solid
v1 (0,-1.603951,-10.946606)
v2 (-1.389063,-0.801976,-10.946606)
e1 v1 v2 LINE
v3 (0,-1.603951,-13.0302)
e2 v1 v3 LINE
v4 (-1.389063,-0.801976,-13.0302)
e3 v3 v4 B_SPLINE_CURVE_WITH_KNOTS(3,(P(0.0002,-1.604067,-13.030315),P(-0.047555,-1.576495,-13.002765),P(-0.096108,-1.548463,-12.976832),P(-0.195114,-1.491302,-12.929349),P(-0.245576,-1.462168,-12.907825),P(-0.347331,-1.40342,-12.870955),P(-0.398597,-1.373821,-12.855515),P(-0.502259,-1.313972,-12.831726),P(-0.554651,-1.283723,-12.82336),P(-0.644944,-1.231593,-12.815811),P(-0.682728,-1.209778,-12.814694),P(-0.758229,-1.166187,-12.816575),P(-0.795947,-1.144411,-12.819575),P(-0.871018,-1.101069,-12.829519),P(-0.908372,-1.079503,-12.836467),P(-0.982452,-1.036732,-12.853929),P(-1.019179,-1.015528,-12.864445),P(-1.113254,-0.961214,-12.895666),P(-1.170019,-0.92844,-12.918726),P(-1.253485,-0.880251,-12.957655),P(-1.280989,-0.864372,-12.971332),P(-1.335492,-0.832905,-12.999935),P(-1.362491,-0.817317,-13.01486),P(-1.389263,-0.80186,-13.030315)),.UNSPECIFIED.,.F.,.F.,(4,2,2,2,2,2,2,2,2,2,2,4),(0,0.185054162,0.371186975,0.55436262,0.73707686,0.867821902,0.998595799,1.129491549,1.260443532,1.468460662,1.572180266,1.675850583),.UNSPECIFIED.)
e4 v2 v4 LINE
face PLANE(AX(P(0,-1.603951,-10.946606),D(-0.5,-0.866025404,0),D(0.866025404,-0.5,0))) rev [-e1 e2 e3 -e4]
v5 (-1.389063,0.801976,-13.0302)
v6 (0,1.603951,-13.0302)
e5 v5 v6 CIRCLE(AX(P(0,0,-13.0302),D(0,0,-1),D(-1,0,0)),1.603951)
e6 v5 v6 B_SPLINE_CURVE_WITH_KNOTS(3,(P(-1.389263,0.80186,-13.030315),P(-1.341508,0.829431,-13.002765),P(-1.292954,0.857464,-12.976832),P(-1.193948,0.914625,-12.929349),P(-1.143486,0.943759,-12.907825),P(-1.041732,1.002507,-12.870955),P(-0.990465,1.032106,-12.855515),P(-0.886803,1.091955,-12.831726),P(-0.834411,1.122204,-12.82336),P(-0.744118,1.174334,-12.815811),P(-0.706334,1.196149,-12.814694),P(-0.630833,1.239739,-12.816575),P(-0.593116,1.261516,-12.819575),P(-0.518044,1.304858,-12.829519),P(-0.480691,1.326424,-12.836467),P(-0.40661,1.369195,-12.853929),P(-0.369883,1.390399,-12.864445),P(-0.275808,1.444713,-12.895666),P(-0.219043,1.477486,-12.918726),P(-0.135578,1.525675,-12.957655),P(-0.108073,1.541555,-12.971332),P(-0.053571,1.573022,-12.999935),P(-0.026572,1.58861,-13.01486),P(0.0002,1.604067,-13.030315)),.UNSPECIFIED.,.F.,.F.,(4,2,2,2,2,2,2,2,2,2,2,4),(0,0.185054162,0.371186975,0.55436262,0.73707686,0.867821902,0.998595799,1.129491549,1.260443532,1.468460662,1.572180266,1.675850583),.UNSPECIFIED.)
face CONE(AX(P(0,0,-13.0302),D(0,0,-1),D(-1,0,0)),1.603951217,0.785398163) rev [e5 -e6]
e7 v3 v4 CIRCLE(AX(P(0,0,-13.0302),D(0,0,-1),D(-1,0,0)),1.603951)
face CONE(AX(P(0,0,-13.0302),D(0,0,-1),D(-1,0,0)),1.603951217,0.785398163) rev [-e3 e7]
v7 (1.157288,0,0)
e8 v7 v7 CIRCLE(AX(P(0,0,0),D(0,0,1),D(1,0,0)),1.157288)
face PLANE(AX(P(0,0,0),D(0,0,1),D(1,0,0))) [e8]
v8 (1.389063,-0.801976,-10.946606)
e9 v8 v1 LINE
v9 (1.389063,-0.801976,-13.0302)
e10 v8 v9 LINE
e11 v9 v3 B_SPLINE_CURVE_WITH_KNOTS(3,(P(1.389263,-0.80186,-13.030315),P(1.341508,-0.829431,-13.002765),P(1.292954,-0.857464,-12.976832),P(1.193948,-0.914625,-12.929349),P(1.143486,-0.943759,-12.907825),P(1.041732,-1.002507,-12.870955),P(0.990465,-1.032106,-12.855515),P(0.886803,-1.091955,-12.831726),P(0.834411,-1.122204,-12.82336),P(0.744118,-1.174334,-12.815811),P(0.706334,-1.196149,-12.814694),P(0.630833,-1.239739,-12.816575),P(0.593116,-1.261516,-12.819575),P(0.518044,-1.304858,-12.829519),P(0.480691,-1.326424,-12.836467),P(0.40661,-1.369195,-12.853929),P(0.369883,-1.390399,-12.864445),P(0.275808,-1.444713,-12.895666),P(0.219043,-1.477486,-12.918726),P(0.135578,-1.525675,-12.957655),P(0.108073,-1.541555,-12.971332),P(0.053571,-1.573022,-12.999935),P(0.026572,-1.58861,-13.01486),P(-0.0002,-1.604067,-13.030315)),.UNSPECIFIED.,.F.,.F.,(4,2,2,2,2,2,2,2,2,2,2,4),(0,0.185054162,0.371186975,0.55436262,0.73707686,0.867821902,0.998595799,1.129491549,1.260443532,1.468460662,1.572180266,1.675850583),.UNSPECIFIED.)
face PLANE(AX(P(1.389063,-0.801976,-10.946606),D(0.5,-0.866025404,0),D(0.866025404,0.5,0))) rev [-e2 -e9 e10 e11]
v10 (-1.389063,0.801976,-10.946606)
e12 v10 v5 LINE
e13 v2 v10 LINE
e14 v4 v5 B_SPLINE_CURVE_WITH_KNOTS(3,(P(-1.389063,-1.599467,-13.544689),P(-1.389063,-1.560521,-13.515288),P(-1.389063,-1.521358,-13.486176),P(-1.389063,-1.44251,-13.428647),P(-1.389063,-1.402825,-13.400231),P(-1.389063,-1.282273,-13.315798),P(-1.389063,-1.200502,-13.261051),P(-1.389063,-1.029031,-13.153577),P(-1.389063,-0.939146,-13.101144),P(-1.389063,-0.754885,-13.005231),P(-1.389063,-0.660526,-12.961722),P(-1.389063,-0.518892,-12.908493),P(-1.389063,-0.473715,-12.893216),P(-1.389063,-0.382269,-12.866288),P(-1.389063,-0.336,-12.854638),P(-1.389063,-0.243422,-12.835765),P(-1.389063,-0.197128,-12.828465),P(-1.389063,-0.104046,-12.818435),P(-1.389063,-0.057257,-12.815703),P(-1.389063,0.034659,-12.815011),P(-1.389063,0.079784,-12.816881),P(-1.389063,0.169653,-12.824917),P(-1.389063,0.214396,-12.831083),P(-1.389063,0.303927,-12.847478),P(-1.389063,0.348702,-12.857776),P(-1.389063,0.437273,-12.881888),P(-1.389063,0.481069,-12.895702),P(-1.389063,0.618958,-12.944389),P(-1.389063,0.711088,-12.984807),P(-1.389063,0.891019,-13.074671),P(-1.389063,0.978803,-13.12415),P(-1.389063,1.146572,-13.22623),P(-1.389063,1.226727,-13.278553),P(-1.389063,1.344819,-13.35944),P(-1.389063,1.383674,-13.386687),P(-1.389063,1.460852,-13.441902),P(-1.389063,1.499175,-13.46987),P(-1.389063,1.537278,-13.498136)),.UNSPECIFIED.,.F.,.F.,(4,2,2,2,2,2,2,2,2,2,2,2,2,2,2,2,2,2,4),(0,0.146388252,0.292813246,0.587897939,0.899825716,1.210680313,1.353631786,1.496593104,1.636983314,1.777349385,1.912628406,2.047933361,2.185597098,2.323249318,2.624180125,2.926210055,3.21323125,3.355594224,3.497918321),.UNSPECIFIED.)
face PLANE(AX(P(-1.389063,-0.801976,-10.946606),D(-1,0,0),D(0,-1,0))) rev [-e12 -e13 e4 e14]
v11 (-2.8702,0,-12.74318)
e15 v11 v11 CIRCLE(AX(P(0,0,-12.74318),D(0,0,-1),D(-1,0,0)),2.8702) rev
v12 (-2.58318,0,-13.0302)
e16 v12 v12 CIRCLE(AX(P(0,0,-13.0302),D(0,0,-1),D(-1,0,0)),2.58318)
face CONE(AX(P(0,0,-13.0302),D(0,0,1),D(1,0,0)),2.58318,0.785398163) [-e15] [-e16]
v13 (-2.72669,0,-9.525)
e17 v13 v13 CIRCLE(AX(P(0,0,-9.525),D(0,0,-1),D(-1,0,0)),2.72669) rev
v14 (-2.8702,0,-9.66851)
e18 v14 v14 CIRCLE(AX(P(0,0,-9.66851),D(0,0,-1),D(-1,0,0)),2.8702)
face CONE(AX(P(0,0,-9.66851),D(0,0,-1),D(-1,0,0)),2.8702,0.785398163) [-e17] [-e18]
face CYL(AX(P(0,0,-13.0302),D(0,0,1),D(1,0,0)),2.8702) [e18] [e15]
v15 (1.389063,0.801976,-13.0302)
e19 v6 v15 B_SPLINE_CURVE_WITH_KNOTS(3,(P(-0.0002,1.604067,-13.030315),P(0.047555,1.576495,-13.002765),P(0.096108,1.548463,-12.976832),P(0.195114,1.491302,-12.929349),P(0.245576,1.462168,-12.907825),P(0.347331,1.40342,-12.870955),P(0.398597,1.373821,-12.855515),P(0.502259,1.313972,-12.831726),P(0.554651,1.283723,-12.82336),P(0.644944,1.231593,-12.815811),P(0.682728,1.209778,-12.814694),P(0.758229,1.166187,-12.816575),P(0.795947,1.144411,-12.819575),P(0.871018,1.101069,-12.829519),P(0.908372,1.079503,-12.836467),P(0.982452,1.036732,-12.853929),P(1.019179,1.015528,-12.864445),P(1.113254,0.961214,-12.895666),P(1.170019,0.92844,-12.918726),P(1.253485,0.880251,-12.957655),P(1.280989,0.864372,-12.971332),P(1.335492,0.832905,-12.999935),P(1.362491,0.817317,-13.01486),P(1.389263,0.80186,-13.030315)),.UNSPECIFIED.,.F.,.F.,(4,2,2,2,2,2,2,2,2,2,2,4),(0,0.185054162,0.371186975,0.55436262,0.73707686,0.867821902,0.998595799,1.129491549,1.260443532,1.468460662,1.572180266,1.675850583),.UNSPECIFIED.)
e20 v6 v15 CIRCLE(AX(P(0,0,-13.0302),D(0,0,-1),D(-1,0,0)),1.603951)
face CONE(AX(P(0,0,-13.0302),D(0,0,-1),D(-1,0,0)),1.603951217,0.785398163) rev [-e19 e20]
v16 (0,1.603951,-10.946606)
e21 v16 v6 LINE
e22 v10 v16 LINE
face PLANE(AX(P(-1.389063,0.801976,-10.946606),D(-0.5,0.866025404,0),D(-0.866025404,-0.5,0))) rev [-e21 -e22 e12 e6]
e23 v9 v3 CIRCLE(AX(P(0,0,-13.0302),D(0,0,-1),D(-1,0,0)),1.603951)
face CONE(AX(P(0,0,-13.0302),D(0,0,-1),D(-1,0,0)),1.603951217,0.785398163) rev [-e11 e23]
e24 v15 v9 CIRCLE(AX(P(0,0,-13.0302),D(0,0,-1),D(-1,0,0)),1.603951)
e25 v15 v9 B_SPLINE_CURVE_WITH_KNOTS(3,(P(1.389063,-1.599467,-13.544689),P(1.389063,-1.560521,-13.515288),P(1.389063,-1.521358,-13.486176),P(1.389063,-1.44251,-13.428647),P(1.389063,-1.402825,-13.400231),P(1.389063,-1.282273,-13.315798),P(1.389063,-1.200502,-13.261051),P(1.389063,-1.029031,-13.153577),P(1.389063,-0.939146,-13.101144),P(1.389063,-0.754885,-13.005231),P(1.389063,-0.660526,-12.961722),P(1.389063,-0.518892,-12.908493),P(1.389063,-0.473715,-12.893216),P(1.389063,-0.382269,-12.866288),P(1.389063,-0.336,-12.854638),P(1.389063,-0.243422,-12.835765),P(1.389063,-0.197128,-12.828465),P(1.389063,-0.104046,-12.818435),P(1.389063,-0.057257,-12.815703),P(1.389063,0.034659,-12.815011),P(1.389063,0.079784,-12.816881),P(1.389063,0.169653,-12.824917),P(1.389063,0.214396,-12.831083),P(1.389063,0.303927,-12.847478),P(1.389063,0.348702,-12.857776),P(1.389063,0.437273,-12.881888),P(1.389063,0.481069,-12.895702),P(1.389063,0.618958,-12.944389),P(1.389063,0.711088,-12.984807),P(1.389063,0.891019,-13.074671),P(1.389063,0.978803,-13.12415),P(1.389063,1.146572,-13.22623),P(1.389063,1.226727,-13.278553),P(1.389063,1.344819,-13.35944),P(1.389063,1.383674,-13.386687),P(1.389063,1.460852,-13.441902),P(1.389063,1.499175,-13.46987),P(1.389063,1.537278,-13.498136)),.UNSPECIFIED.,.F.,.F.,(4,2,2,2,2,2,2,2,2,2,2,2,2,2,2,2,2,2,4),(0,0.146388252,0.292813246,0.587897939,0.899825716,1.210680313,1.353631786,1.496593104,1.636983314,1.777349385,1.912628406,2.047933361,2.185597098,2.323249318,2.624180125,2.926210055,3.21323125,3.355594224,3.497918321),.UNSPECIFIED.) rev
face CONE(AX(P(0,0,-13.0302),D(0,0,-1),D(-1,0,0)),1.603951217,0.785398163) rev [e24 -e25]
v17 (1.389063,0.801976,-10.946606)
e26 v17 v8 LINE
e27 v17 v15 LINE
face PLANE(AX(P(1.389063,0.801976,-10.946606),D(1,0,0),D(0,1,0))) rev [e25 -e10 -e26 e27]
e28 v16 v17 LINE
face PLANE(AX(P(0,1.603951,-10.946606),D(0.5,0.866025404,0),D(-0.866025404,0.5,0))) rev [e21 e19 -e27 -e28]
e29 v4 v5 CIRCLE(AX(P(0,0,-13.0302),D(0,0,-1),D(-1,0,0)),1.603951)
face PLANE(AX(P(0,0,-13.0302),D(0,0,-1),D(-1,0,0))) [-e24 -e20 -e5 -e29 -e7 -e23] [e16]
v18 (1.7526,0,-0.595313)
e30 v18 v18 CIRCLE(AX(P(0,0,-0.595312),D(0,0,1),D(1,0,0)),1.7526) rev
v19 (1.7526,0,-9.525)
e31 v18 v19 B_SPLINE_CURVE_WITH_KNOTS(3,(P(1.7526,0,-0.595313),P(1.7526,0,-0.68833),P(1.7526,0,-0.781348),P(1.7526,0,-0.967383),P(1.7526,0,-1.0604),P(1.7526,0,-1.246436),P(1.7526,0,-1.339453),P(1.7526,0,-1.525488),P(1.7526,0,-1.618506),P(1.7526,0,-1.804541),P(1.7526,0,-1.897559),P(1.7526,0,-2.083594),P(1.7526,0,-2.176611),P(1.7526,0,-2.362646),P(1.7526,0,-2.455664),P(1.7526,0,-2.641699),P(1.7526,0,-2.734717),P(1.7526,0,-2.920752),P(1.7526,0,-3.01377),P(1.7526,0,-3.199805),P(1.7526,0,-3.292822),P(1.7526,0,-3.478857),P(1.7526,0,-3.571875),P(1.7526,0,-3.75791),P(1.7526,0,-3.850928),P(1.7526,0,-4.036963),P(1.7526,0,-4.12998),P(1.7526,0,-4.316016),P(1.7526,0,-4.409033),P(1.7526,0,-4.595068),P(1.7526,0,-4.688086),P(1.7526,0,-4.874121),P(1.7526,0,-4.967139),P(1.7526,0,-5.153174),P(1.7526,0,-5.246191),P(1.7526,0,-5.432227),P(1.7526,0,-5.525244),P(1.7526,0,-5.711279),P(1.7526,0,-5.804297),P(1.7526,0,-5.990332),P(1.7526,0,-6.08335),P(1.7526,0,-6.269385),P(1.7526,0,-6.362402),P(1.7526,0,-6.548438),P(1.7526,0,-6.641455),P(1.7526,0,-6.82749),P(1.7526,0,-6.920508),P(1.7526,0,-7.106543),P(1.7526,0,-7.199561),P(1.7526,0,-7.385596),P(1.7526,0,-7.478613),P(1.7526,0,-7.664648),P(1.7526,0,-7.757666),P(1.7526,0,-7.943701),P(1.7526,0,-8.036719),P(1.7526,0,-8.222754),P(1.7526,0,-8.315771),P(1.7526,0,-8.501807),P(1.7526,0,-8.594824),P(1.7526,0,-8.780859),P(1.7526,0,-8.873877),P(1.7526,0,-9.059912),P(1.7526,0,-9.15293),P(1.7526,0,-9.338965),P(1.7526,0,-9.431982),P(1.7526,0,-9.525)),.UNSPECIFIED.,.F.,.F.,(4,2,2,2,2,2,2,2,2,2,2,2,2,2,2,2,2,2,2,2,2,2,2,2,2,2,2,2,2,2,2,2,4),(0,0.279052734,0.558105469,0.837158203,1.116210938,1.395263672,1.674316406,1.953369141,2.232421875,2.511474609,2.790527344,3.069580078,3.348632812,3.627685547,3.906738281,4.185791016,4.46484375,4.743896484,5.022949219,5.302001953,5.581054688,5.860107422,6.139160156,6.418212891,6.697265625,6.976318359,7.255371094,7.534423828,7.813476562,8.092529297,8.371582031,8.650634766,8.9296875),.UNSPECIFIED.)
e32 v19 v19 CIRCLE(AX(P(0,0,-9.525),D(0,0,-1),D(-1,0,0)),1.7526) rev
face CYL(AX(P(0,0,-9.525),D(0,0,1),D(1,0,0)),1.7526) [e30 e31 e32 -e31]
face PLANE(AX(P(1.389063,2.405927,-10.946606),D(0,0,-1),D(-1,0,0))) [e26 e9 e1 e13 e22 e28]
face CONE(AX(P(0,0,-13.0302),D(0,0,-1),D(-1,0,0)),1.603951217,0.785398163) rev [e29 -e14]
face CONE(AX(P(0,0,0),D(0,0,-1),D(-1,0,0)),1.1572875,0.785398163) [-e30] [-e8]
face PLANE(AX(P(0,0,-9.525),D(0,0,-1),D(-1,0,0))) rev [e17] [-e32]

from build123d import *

# Parameters (mm, degrees)
SKETCH1_R          = 1.7526
EXTRUDE1_DEPTH     = 9.525
CHAMFER3_SIZE      = 0.5953125
SKETCH6_R          = 2.8702
EXTRUDE2_DEPTH     = 3.5052
CUT_EXTRUDE1_DEPTH = 2.08359375
CHAMFER1_SIZE      = 0.28702
CHAMFER2_SIZE      = 0.14351


with BuildPart() as part:
    # Sketch1 → Extrude1 (new body)
    with BuildSketch(Plane.XY):
        Circle(SKETCH1_R)
    extrude(amount=-EXTRUDE1_DEPTH)

    # Chamfer3
    chamfer3_edges = [part.edges().sort_by_distance(p)[0] for p in [
        (-1.7526, 0, 0),
    ]]
    chamfer(chamfer3_edges, length=CHAMFER3_SIZE)

    # Sketch6 → Extrude2 (add)
    with BuildSketch(Plane(origin=(0, 0, -9.525), x_dir=(-1, 0, 0), z_dir=(0, 0, -1))):
        Circle(SKETCH6_R)
    extrude(amount=EXTRUDE2_DEPTH)

    # Sketch7 → Cut-Extrude1 (cut)
    with BuildSketch(Plane(origin=(0, 0, -13.0302), x_dir=(-1, 0, 0), z_dir=(0, 0, -1))):
        Polygon((0, 1.603951217), (-1.3890625, 0.801975608), (-1.3890625, -0.801975608), (0, -1.603951217), (1.3890625, -0.801975608), (1.3890625, 0.801975608), align=None)
    extrude(amount=-CUT_EXTRUDE1_DEPTH, mode=Mode.SUBTRACT)

    # Cut-Extrude2 cone 1 section (through the dimple's axis) → Cut-Extrude2 (revolve, cut)
    with BuildSketch(Plane(origin=(0, 0, -13.0302), x_dir=(0, 1, 0), z_dir=(1, 0, 0))):
        Polygon((0, 0), (1.603951217, 0), (0, 1.603951217), align=None)
    revolve(axis=Axis((0, 0, -13.0302), (0, 0, 1)), mode=Mode.SUBTRACT)

    # Chamfer1
    chamfer1_edges = [part.edges().sort_by_distance(p)[0] for p in [
        (2.8702, 0, -13.0302),
    ]]
    chamfer(chamfer1_edges, length=CHAMFER1_SIZE)

    # Chamfer2
    chamfer2_edges = [part.edges().sort_by_distance(p)[0] for p in [
        (2.8702, 0, -9.525),
    ]]
    chamfer(chamfer2_edges, length=CHAMFER2_SIZE)


solid = part.part
